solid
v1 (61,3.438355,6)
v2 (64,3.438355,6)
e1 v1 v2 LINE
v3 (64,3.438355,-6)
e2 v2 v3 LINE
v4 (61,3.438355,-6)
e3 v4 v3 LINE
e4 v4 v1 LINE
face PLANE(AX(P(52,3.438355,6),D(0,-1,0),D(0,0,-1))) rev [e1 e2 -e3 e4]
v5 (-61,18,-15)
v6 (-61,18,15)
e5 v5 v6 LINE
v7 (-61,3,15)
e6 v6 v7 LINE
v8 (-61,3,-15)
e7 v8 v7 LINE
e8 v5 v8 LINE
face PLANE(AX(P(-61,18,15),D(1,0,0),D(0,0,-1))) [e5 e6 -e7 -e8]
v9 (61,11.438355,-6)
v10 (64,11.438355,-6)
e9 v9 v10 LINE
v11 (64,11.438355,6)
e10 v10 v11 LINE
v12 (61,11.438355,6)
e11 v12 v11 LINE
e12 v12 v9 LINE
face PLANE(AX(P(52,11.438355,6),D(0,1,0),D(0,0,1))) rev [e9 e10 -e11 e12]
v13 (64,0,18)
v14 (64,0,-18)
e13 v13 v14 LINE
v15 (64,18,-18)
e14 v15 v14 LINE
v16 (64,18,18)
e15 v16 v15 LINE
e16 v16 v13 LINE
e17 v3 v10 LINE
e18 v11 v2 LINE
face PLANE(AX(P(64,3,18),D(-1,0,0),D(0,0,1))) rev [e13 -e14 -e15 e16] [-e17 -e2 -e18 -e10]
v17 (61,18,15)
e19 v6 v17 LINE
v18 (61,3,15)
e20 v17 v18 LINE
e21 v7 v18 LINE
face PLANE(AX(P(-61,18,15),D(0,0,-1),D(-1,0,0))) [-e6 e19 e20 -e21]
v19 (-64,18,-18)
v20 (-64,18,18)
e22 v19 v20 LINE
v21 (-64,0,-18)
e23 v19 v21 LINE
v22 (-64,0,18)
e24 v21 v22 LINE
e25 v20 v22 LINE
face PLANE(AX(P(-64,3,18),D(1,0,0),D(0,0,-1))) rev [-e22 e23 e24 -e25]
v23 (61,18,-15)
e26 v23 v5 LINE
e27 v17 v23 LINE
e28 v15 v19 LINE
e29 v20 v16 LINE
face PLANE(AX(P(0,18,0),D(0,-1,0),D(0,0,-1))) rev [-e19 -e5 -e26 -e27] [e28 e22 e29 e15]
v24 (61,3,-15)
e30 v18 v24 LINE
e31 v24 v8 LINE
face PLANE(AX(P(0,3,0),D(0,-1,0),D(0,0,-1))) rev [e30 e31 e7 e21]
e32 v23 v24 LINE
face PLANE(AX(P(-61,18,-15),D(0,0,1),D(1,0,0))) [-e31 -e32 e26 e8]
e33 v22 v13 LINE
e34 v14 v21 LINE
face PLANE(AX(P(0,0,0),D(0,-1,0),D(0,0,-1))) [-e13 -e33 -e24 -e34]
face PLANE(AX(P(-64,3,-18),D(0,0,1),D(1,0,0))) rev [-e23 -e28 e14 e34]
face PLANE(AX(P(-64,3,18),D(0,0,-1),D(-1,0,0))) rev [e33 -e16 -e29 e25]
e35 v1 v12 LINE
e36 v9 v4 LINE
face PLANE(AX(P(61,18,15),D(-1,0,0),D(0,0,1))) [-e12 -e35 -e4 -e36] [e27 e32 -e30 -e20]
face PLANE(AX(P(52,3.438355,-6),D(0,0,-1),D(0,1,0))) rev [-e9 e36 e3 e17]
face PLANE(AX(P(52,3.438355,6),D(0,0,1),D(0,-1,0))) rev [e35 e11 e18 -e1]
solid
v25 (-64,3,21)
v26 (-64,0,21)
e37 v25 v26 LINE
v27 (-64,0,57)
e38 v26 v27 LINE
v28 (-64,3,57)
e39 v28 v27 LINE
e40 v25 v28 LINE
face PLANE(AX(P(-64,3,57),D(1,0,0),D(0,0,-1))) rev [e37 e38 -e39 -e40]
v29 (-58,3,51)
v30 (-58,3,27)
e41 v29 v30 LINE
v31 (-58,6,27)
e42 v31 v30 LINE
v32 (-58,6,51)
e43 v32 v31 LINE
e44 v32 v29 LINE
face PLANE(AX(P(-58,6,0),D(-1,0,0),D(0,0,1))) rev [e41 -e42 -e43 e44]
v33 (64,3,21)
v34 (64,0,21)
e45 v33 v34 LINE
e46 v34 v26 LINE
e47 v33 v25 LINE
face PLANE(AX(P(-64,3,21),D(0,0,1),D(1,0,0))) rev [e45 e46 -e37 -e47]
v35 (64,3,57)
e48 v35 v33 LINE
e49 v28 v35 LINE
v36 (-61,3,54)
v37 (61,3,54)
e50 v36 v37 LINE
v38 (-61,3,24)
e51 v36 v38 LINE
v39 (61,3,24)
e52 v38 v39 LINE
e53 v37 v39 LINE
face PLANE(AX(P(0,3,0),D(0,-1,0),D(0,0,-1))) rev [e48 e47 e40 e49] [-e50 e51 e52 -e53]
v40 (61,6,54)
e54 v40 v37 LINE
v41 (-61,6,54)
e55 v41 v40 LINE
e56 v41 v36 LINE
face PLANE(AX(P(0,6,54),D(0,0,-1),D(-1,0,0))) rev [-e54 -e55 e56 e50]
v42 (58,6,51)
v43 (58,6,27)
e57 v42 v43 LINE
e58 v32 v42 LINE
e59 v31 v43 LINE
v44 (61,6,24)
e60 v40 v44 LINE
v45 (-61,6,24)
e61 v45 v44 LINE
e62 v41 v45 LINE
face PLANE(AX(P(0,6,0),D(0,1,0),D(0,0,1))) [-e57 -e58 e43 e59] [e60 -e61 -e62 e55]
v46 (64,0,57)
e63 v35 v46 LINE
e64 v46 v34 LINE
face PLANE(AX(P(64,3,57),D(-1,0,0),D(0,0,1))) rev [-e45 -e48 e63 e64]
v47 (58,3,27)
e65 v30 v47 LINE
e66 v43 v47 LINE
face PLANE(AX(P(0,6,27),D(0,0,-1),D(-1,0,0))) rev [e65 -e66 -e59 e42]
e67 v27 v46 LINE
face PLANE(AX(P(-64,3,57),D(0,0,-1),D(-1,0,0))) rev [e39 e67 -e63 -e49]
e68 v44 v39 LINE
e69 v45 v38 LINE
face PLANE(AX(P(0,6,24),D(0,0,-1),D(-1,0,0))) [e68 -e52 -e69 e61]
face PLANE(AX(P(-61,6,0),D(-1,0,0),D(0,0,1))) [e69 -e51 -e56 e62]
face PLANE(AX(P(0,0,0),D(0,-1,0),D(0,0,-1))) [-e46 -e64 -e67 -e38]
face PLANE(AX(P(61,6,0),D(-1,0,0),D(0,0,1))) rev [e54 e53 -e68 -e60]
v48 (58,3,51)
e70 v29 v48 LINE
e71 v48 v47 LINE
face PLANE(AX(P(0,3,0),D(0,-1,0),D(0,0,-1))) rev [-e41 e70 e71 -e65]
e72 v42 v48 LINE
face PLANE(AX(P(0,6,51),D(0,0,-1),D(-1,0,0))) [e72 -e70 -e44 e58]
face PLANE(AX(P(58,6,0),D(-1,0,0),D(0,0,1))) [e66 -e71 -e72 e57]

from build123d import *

# Parameters (mm, degrees)
CROQUIS1_W              = 128
CROQUIS1_H              = 36
SALIENTE_EXTRUIR1_DEPTH = 3
CROQUIS3_W              = 128
CROQUIS3_H              = 36
CROQUIS3_W_2            = 122
CROQUIS3_H_2            = 30
SALIENTE_EXTRUIR2_DEPTH = 15
CROQUIS4_W              = 12
CROQUIS4_H              = 8
CORTAR_EXTRUIR1_DEPTH   = 12
CROQUIS6_W              = 128
CROQUIS6_H              = 36
SALIENTE_EXTRUIR3_DEPTH = 3
CROQUIS7_W              = 122
CROQUIS7_H              = 30
CROQUIS7_W_2            = 116
CROQUIS7_H_2            = 24
SALIENTE_EXTRUIR5_DEPTH = 3


with BuildPart() as part:
    # Croquis1 → Saliente-Extruir1 (new body)
    with BuildSketch(Plane(origin=(0, 0, 0), x_dir=(1, 0, 0), z_dir=(0, 1, 0))):
        Rectangle(CROQUIS1_W, CROQUIS1_H)
    extrude(amount=SALIENTE_EXTRUIR1_DEPTH)

    # Croquis3 → Saliente-Extruir2 (add)
    with BuildSketch(Plane(origin=(0, 3, 0), x_dir=(1, 0, 0), z_dir=(0, 1, 0))):
        Rectangle(CROQUIS3_W, CROQUIS3_H)
        Rectangle(CROQUIS3_W_2, CROQUIS3_H_2, mode=Mode.SUBTRACT)
    extrude(amount=SALIENTE_EXTRUIR2_DEPTH)

    # Croquis4 → Cortar-Extruir1 (cut)
    with BuildSketch(Plane(origin=(64, 0, 0), x_dir=(0, 0, -1), z_dir=(1, 0, 0))):
        with Locations((0, 7.438354728)):
            Rectangle(CROQUIS4_W, CROQUIS4_H)
    extrude(amount=-CORTAR_EXTRUIR1_DEPTH, mode=Mode.SUBTRACT)


with BuildPart() as body_2:
    # Croquis6 → Saliente-Extruir3 (new body)
    with BuildSketch(Plane(origin=(0, 0, 0), x_dir=(1, 0, 0), z_dir=(0, 1, 0))):
        with Locations((0, -39)):
            Rectangle(CROQUIS6_W, CROQUIS6_H)
    extrude(amount=SALIENTE_EXTRUIR3_DEPTH)

    # Croquis7 → Saliente-Extruir5 (add)
    with BuildSketch(Plane(origin=(0, 3, 0), x_dir=(1, 0, 0), z_dir=(0, 1, 0))):
        with Locations((0, -39)):
            Rectangle(CROQUIS7_W, CROQUIS7_H)
        with Locations((0, -39)):
            Rectangle(CROQUIS7_W_2, CROQUIS7_H_2, mode=Mode.SUBTRACT)
    extrude(amount=SALIENTE_EXTRUIR5_DEPTH)


solid = Compound([part.part, body_2.part])
